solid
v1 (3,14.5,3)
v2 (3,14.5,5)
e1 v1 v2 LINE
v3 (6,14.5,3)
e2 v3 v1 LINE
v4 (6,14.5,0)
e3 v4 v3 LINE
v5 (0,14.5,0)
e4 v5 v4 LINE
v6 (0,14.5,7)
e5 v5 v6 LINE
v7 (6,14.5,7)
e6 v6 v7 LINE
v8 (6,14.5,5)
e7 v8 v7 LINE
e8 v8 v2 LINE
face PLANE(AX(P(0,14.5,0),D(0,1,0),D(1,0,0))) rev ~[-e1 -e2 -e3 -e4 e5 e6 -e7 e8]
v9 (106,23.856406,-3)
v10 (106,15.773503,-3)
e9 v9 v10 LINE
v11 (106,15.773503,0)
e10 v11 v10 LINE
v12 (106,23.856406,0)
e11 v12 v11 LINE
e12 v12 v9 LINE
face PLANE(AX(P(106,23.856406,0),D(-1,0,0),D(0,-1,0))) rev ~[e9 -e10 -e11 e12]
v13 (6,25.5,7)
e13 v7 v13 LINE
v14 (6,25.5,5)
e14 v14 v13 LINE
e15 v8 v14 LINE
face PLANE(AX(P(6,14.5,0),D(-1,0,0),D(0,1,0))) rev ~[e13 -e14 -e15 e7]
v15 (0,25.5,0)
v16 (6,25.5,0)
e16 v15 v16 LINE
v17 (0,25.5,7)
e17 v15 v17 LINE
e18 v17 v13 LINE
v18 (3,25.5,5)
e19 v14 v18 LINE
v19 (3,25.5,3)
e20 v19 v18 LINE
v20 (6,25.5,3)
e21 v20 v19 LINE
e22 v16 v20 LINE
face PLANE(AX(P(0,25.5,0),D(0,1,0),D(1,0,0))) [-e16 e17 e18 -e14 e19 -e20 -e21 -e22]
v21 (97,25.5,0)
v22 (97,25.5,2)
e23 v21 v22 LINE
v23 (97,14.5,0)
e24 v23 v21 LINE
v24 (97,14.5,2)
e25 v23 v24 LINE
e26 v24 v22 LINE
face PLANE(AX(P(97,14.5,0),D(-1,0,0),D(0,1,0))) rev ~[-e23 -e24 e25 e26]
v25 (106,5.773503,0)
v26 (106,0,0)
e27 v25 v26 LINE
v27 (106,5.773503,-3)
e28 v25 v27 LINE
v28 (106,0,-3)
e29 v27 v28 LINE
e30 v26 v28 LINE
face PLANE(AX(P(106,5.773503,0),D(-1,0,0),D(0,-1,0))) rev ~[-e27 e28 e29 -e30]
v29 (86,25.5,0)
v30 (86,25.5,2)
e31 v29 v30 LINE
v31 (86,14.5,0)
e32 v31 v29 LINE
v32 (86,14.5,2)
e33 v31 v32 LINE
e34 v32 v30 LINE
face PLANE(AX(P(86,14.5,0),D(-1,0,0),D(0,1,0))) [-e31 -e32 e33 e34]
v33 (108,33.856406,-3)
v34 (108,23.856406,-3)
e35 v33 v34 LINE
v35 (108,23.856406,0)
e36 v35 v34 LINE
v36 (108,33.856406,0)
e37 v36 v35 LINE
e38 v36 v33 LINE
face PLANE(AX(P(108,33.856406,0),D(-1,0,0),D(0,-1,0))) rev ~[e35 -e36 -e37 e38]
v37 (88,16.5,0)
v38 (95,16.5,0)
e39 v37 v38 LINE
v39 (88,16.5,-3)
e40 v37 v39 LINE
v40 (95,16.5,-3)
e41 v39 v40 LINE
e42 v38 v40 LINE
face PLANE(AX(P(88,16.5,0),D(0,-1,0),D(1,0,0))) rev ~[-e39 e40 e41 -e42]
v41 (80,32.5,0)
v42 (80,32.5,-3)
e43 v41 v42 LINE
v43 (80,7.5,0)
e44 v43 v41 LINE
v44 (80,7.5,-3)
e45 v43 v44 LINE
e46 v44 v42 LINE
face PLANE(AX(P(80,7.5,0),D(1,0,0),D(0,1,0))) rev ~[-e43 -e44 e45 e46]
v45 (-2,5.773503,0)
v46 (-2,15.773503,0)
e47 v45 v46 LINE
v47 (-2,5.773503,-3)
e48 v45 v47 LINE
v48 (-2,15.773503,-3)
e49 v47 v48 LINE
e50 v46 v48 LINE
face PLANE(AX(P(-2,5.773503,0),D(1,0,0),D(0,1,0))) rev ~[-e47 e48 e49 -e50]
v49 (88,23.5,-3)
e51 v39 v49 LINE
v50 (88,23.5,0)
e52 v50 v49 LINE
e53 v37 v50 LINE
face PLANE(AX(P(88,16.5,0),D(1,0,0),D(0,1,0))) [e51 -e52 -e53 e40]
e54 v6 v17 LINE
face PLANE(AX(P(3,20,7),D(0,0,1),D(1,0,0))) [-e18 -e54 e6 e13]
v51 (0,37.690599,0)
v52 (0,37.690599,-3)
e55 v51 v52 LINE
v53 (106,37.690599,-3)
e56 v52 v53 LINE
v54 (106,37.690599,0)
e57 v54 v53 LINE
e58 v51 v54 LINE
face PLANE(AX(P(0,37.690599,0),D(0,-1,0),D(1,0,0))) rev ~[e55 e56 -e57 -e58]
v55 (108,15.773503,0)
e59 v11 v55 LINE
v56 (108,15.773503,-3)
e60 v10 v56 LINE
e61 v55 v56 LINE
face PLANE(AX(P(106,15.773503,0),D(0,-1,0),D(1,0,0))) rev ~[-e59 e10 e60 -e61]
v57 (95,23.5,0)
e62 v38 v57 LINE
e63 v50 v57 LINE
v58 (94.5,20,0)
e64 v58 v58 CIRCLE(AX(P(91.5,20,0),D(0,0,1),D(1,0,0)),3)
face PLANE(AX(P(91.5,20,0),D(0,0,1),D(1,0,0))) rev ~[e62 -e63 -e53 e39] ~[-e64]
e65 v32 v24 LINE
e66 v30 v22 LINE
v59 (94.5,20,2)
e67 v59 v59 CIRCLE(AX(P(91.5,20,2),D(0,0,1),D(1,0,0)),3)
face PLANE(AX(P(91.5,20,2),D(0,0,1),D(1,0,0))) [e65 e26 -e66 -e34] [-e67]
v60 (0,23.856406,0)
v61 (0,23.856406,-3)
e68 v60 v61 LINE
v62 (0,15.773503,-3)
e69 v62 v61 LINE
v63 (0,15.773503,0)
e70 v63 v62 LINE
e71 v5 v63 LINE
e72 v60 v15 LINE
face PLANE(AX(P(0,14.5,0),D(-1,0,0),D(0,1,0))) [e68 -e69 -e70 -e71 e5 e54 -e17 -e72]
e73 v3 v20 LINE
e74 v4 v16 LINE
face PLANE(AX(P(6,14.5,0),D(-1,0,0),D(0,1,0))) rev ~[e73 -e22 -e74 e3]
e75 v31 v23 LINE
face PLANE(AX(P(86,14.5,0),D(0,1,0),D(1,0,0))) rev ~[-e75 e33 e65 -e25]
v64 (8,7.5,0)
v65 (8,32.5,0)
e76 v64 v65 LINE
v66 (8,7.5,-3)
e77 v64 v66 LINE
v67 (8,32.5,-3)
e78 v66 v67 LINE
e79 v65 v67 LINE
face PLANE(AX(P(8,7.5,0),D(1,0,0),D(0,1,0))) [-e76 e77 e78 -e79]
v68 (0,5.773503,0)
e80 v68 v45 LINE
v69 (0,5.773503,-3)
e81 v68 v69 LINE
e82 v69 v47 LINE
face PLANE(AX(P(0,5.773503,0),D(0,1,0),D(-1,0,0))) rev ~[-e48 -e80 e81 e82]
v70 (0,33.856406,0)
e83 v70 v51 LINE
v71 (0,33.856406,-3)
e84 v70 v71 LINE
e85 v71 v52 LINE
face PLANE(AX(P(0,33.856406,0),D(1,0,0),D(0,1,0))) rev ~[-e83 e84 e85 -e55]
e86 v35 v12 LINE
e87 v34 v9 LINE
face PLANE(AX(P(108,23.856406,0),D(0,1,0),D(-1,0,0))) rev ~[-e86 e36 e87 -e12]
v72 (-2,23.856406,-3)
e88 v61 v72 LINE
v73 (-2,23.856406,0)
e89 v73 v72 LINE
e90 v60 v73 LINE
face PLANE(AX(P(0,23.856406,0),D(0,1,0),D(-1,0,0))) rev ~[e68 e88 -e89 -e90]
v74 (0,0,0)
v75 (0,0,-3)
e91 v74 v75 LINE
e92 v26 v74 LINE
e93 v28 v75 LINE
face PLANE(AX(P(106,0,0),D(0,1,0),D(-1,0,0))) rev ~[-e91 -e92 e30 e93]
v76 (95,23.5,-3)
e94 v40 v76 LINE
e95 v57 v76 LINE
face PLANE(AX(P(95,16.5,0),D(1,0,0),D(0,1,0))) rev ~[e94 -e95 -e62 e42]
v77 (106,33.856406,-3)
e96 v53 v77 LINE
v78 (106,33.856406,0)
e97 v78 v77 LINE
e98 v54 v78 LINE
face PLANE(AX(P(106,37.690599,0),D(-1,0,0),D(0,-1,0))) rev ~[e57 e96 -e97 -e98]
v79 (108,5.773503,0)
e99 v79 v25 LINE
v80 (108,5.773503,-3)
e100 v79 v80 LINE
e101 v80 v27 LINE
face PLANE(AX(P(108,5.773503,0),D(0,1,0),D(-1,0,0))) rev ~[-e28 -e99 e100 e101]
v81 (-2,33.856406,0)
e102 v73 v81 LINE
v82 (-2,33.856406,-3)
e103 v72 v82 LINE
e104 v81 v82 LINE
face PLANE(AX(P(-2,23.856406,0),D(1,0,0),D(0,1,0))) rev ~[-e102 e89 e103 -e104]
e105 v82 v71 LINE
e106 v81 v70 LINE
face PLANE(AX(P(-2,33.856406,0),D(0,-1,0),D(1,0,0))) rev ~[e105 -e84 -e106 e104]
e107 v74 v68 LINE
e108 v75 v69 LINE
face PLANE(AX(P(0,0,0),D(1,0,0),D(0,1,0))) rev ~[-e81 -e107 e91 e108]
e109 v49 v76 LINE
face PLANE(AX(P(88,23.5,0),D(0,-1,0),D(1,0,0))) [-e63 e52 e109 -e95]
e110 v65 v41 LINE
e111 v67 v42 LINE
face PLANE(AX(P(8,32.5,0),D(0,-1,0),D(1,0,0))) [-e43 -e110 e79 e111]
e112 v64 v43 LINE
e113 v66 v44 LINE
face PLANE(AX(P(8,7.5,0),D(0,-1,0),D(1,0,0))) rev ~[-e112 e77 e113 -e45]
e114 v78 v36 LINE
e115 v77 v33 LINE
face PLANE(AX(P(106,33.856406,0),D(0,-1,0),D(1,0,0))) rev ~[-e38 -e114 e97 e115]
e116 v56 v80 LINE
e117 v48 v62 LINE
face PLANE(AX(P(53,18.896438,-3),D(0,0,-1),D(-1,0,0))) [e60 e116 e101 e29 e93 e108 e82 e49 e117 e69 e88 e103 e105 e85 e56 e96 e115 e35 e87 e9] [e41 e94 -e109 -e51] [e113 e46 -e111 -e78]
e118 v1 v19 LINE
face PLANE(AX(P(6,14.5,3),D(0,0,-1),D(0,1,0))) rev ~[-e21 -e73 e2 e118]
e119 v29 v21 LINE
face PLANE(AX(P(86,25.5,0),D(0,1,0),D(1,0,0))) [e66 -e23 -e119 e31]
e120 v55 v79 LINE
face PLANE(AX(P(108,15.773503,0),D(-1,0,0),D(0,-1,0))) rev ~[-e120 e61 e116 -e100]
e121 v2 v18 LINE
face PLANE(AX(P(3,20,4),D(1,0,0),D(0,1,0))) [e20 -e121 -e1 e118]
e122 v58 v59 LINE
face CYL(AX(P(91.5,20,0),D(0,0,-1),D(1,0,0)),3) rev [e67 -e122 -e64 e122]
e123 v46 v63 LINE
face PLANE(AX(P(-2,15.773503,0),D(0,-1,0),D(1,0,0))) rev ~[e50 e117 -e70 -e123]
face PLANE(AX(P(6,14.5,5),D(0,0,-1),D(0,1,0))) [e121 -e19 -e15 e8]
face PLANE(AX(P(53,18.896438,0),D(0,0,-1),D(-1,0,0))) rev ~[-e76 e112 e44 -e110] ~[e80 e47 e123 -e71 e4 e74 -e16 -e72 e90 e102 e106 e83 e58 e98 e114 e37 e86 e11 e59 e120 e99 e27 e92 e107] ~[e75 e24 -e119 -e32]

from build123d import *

# Parameters (mm, degrees)
PAD_DEPTH       = 3
SKETCH001_W     = 7
SKETCH001_H     = 7
POCKET_DEPTH    = 3
SKETCH002_W     = 11
SKETCH002_H     = 11
SKETCH002_R     = 3
PAD001_DEPTH    = 2
SKETCH003_W     = 72
SKETCH003_H     = 25
POCKET001_DEPTH = 3
SKETCH004_W     = 6
SKETCH004_H     = 11
PAD002_DEPTH    = 7
SKETCH005_W     = 11
SKETCH005_H     = 2
POCKET002_DEPTH = 3


with BuildPart() as part:
    # Sketch → Pad (new body)
    with BuildSketch(Plane.XY):
        Polygon((0, 37.690599), (106, 37.690599), (106, 33.856406), (108, 33.856406), (108, 23.856406), (106, 23.856406), (106, 15.773503), (108, 15.773503), (108, 5.773503), (106, 5.773503), (106, 0), (0, 0), (0, 5.773503), (-2, 5.773503), (-2, 15.773503), (0, 15.773503), (0, 23.856406), (-2, 23.856406), (-2, 33.856406), (0, 33.856406), align=None)
    extrude(amount=-PAD_DEPTH)

    # Sketch001 → Pocket (cut)
    with BuildSketch(Plane.XY):
        with Locations((91.5, 20)):
            Rectangle(SKETCH001_W, SKETCH001_H)
    extrude(amount=-POCKET_DEPTH, mode=Mode.SUBTRACT)

    # Sketch002 → Pad001 (join)
    with BuildSketch(Plane.XY):
        with Locations((91.5, 20)):
            Rectangle(SKETCH002_W, SKETCH002_H)
        with Locations((91.5, 20)):
            Circle(SKETCH002_R, mode=Mode.SUBTRACT)
    extrude(amount=PAD001_DEPTH)

    # Sketch003 → Pocket001 (cut)
    with BuildSketch(Plane.XY):
        with Locations((44, 20)):
            Rectangle(SKETCH003_W, SKETCH003_H)
    extrude(amount=-POCKET001_DEPTH, mode=Mode.SUBTRACT)

    # Sketch004 → Pad002 (join)
    with BuildSketch(Plane.XY):
        with Locations((3, 20)):
            Rectangle(SKETCH004_W, SKETCH004_H)
    extrude(amount=PAD002_DEPTH)

    # Sketch005 (on Face12 of Pad002) → Pocket002 (cut)
    with BuildSketch(Plane.YZ.offset(6)):
        with Locations((20, 4)):
            Rectangle(SKETCH005_W, SKETCH005_H)
    extrude(amount=-POCKET002_DEPTH, mode=Mode.SUBTRACT)


solid = part.part
